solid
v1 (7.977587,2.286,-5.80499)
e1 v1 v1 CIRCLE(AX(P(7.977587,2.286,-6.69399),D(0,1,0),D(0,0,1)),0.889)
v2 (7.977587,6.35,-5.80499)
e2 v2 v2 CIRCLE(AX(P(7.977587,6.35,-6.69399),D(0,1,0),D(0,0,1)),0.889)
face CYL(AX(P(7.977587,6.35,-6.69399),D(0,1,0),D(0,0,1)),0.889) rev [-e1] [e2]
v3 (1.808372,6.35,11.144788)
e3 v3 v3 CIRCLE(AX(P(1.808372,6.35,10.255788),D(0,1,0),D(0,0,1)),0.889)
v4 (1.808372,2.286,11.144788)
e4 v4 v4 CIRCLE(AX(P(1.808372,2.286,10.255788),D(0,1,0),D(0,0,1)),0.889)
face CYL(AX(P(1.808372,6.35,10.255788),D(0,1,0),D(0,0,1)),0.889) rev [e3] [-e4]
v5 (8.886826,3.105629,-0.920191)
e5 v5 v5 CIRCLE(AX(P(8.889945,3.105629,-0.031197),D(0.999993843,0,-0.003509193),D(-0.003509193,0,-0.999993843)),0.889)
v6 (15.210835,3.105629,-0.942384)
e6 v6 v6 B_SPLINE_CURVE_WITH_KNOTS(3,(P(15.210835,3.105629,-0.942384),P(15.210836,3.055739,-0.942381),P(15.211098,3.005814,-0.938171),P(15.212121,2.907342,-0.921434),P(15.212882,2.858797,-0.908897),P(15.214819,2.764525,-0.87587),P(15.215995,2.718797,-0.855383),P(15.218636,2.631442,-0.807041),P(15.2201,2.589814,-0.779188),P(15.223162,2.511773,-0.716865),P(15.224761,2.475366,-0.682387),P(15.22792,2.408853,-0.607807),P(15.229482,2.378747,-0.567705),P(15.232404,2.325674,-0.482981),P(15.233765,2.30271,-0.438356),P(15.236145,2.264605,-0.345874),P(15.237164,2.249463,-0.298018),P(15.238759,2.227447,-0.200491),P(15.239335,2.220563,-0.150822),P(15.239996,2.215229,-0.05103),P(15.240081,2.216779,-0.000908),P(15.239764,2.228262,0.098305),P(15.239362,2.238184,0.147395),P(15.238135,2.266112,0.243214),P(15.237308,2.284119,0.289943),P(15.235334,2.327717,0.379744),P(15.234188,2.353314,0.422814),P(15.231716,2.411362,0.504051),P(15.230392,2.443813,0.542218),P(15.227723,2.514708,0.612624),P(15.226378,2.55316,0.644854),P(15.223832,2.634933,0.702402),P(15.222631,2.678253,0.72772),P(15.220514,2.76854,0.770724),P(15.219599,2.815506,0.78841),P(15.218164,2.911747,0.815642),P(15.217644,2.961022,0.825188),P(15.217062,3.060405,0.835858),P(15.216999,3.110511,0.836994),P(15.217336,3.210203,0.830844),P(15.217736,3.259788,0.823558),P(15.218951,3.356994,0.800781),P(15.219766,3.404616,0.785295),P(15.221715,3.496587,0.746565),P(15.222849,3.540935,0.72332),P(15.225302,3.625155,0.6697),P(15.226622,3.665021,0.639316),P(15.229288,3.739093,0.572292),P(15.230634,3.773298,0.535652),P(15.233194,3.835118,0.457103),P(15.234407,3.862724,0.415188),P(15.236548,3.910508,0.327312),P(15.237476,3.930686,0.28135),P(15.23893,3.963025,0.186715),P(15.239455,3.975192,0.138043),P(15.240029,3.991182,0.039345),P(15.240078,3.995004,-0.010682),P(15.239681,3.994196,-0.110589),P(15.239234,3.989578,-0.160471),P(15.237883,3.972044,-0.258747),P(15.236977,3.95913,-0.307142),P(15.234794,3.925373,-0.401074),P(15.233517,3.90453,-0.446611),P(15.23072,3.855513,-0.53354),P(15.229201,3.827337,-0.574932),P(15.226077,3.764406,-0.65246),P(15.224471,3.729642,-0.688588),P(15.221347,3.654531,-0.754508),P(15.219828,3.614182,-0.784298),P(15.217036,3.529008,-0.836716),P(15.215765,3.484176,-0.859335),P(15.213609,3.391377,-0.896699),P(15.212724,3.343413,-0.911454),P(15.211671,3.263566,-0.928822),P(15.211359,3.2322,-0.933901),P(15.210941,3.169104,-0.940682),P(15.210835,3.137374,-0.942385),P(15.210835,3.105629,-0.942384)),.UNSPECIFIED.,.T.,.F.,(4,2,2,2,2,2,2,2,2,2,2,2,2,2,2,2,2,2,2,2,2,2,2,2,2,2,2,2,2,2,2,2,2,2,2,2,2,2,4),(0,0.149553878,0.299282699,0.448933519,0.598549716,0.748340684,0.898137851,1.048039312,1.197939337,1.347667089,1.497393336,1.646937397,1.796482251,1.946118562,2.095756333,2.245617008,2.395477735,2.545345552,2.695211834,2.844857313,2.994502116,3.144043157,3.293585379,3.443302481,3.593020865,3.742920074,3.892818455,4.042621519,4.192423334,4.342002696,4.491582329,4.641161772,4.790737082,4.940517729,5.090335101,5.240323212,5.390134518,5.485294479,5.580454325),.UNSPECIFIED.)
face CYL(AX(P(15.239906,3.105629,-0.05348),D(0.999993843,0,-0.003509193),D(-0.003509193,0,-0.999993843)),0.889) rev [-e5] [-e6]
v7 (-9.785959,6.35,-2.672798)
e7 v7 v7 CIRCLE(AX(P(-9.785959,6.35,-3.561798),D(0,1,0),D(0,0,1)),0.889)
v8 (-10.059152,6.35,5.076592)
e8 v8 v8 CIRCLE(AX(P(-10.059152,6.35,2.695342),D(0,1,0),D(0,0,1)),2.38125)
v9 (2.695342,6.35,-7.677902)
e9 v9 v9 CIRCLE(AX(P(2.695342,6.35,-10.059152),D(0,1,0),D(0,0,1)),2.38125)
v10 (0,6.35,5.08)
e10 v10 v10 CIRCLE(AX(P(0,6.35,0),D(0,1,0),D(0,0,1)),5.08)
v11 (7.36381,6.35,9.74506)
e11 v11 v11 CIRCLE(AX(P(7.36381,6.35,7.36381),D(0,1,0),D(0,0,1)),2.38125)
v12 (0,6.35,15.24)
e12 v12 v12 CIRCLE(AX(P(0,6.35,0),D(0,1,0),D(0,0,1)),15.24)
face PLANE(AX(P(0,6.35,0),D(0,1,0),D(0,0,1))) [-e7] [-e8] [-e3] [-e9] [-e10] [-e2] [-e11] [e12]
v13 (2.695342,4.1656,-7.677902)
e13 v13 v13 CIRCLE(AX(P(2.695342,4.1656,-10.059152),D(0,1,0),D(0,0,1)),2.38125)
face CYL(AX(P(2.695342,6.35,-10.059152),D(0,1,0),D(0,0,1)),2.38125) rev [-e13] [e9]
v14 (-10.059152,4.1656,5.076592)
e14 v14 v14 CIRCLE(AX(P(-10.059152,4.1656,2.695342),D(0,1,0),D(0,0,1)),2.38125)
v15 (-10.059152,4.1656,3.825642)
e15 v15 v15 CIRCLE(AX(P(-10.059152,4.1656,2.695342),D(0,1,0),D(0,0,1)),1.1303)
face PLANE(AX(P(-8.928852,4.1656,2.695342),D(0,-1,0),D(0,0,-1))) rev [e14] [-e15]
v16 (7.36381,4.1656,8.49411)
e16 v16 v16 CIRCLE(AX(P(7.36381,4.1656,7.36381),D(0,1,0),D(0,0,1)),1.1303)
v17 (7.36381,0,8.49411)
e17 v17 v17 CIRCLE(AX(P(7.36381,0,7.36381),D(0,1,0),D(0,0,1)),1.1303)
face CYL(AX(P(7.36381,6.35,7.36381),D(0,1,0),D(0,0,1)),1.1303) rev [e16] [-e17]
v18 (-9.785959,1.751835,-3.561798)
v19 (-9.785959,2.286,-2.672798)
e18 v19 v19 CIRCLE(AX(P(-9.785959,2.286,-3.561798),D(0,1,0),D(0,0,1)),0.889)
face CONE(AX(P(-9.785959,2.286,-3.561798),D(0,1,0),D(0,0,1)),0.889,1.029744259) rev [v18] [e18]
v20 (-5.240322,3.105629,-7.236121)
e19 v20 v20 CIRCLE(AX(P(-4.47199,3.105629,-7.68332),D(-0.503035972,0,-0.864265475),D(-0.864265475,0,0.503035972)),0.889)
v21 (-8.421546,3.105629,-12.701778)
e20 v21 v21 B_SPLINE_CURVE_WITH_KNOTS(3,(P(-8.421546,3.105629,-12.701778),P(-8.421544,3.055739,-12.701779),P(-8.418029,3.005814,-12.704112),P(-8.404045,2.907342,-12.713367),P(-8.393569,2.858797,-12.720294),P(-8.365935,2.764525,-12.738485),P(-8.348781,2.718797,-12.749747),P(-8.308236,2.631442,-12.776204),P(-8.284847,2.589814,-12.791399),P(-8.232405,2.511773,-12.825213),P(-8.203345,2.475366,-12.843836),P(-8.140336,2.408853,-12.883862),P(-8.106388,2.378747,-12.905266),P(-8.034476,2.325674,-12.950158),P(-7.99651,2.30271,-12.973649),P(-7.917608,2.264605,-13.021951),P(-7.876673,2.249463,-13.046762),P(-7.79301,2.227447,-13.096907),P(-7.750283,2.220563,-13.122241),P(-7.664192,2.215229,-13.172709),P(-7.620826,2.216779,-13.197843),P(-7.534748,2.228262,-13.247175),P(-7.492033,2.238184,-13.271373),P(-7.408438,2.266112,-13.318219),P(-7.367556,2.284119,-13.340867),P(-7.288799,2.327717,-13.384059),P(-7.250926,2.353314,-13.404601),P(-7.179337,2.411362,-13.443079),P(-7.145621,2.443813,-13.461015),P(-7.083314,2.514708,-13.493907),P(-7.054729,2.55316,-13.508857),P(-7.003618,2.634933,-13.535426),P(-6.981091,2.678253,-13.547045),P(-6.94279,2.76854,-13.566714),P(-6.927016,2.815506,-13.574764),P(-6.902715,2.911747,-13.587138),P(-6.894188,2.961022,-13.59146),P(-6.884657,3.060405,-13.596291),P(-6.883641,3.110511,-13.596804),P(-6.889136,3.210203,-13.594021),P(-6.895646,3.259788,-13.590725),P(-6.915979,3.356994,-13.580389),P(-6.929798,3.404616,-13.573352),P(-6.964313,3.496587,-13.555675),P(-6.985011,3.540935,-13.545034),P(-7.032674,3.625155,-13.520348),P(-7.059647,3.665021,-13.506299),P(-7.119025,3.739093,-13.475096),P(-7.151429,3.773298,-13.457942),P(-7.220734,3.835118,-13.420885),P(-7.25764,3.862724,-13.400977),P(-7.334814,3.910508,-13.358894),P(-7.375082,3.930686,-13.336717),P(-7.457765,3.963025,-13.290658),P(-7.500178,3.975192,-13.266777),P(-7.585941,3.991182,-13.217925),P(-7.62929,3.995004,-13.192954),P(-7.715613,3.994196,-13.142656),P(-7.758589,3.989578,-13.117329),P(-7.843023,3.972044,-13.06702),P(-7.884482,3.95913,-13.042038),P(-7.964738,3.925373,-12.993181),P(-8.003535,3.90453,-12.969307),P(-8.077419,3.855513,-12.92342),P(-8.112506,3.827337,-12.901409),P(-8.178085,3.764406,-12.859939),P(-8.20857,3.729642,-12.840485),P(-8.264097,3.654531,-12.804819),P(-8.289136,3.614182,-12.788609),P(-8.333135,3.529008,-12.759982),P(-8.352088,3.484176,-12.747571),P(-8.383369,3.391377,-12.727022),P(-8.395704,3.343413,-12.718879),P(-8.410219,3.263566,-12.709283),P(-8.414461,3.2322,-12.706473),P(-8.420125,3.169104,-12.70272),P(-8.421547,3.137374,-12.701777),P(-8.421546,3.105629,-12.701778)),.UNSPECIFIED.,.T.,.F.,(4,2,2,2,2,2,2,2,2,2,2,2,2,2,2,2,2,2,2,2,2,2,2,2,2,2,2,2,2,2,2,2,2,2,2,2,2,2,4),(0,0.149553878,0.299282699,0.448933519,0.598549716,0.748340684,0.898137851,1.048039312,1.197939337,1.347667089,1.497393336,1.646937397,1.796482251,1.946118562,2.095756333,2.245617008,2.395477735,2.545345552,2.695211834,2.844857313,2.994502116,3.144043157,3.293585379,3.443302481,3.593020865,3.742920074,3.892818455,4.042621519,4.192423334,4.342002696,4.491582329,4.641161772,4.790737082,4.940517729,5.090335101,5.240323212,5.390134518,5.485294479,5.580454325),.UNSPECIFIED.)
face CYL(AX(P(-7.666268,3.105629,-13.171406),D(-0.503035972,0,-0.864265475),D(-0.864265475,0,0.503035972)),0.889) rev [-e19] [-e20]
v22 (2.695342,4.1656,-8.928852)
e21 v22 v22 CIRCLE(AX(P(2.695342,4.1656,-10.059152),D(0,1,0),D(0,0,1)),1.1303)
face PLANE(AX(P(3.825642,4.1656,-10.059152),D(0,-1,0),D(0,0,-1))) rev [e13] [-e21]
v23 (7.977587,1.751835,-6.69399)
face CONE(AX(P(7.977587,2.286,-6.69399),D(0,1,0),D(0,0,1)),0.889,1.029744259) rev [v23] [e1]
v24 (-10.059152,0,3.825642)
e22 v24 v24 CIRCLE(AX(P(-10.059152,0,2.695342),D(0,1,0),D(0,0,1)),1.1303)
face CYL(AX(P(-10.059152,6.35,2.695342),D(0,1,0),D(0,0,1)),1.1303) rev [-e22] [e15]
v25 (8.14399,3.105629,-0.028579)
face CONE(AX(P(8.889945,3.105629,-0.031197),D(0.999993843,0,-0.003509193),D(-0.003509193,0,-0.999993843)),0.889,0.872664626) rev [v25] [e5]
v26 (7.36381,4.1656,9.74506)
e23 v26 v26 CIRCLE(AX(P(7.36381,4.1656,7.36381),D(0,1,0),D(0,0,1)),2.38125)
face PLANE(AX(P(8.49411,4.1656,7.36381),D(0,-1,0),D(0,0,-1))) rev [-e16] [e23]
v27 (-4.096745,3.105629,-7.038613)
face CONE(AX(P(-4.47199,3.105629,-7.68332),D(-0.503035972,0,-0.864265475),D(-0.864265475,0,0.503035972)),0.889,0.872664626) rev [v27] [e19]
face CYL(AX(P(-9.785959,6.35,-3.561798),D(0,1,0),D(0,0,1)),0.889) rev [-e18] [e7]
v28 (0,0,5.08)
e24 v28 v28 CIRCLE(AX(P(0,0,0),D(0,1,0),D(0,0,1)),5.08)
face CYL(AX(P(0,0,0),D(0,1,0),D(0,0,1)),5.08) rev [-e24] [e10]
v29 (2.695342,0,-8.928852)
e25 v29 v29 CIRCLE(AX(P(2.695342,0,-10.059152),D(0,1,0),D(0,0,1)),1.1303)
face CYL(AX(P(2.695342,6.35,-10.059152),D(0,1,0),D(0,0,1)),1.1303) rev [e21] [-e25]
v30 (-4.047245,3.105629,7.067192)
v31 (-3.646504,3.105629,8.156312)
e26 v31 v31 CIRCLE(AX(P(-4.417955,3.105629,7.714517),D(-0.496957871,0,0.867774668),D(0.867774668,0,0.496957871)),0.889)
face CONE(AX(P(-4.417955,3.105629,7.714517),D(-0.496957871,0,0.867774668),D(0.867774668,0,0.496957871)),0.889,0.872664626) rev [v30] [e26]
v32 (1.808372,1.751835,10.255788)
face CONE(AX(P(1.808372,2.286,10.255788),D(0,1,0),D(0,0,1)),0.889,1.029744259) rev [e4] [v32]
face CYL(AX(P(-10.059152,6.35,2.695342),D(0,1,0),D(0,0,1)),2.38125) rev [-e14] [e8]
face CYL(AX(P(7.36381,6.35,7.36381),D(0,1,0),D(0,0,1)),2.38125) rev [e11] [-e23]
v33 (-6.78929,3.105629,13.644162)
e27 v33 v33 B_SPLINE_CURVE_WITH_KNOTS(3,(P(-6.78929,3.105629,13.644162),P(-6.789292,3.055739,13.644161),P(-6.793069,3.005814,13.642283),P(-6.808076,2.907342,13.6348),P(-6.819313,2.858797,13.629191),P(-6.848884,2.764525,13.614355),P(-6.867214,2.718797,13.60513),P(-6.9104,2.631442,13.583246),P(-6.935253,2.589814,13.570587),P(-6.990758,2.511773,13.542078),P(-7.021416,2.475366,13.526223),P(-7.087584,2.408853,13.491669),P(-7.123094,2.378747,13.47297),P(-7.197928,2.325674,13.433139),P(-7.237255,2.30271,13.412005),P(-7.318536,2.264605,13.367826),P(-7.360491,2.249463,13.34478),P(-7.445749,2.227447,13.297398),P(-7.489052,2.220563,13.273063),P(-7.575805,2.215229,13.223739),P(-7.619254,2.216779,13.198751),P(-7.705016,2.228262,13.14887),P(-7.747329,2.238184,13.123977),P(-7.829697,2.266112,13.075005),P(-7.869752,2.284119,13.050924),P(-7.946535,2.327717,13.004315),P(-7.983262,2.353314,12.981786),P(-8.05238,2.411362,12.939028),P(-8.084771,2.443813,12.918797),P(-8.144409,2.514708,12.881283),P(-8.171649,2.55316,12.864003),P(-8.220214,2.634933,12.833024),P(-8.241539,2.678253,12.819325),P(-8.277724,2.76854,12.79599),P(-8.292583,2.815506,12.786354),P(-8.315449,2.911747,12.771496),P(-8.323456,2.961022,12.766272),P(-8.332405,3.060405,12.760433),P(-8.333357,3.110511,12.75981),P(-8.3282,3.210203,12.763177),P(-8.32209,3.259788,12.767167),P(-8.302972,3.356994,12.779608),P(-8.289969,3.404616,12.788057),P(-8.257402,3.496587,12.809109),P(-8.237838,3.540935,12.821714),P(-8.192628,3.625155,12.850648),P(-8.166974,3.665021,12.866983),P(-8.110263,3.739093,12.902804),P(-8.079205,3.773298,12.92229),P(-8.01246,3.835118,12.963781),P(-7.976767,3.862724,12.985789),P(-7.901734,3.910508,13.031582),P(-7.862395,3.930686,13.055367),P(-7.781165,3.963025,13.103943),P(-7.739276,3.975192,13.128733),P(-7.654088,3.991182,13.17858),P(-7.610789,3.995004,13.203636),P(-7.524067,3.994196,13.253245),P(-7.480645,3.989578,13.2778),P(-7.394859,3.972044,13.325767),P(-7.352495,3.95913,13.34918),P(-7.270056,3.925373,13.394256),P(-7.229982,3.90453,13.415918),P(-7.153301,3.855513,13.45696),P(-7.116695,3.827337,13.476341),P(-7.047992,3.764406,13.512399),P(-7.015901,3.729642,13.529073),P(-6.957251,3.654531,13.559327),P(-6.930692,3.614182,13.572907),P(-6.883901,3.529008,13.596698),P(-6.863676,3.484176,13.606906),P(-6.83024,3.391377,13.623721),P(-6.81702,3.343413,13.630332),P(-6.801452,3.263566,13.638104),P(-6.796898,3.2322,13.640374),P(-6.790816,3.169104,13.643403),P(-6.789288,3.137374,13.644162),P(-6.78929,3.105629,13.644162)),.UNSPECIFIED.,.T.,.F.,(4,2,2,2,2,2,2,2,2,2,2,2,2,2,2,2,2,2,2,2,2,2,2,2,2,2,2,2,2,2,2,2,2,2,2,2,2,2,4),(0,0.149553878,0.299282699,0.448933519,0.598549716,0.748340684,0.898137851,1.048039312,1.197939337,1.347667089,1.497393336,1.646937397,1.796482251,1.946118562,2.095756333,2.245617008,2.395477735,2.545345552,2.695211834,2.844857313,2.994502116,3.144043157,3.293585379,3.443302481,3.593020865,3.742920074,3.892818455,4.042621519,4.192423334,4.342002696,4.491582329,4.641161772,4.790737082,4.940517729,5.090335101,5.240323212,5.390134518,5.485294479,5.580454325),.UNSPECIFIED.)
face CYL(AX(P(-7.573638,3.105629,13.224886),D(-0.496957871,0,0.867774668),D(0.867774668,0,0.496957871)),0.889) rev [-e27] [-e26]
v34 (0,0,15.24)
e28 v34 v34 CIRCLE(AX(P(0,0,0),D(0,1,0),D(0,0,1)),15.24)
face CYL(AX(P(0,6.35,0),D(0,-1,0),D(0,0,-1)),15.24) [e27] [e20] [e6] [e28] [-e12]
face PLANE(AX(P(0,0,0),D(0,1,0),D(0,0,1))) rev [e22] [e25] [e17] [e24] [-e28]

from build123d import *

# Parameters (mm, degrees)
SKETCH1_R                                      = 15.24
BOSS_EXTRUDE1_DEPTH                            = 6.35
CBORE_FOR_2_SOCKET_HEAD_CAP_SCREW1_D           = 2.2606
CBORE_FOR_2_SOCKET_HEAD_CAP_SCREW1_CBORE_D     = 4.7625
CBORE_FOR_2_SOCKET_HEAD_CAP_SCREW1_CBORE_DEPTH = 2.1844
CIRPATTERN1_COUNT                              = 3
CIRPATTERN2_COUNT                              = 3
CIRPATTERN3_COUNT                              = 3
SKETCH16_R                                     = 5.08
CUT_EXTRUDE1_DEPTH                             = 6.35


with BuildPart() as part:
    # Sketch1 → Boss-Extrude1 (new body)
    with BuildSketch(Plane(origin=(0, 0, 0), x_dir=(1, 0, 0), z_dir=(0, 1, 0))):
        with Locations(Location((0, 0, 0), (0, 0, 270))):
            Circle(SKETCH1_R)
    extrude(amount=BOSS_EXTRUDE1_DEPTH)

    # CBORE for #2 Socket Head Cap Screw1 (through all)
    with Locations(Plane(origin=(0, 6.35, 0), x_dir=(1, 0, 0), z_dir=(0, 1, 0))):
        with Locations((7.363810019, -7.363810019)):
            cbore_for_2_socket_head_cap_screw1 = CounterBoreHole(CBORE_FOR_2_SOCKET_HEAD_CAP_SCREW1_D / 2, CBORE_FOR_2_SOCKET_HEAD_CAP_SCREW1_CBORE_D / 2, CBORE_FOR_2_SOCKET_HEAD_CAP_SCREW1_CBORE_DEPTH)

    # CirPattern1: CBORE for #2 Socket Head Cap Screw1 ×3 about axis
    cirpattern1_axis = Axis((0, 0, 0), (0, 1, 0))
    for i in range(1, CIRPATTERN1_COUNT):
        add(cbore_for_2_socket_head_cap_screw1.rotate(cirpattern1_axis, i * 360 / CIRPATTERN1_COUNT), mode=Mode.SUBTRACT)

    # Sketch10 → Tap Drill for #2-56 Tap2 (revolve, cut)
    with BuildSketch(Plane(origin=(7.977586831, 6.35, -6.693990167), x_dir=(0, 0, 1), z_dir=(1, 0, 0))):
        Polygon((0, 0), (0, 4.59816509), (0.889, 4.064), (0.889, 0), align=None)
    tap_drill_for_2_56_tap2 = revolve(axis=Axis((7.977586831, 12.7, -6.693990167), (0, -1, 0)), mode=Mode.SUBTRACT)

    # CirPattern2: Tap Drill for #2-56 Tap2 ×3 about axis
    cirpattern2_axis = Axis((0, 0, 0), (0, 1, 0))
    for i in range(1, CIRPATTERN2_COUNT):
        add(tap_drill_for_2_56_tap2.rotate(cirpattern2_axis, i * 360 / CIRPATTERN2_COUNT), mode=Mode.SUBTRACT)

    # Sketch15 → Tap Drill for #2-56 Tap1 (revolve, cut)
    with BuildSketch(Plane(origin=(-7.57363795, 3.105629072, 13.224885943), x_dir=(0.8677746681735182, 0, 0.49695787072581954), z_dir=(0, 1, 0))):
        Polygon((0, 0), (0, 7.095959572), (0.889, 6.35), (0.889, 0), align=None)
    tap_drill_for_2_56_tap1 = revolve(axis=Axis((-10.729320429, 3.105629072, 18.735255086), (0.4969578707258196, 0, -0.8677746681735182)), mode=Mode.SUBTRACT)

    # CirPattern3: Tap Drill for #2-56 Tap1 ×3 about axis
    cirpattern3_axis = Axis((0, 6.35, 0), (0, -1, 0))
    for i in range(1, CIRPATTERN3_COUNT):
        add(tap_drill_for_2_56_tap1.rotate(cirpattern3_axis, i * 360 / CIRPATTERN3_COUNT), mode=Mode.SUBTRACT)

    # Sketch16 → Cut-Extrude1 (cut)
    with BuildSketch(Plane(origin=(0, 6.35, 0), x_dir=(1, 0, 0), z_dir=(0, 1, 0))):
        with Locations(Location((0, 0, 0), (0, 0, 270))):
            Circle(SKETCH16_R)
    extrude(amount=-CUT_EXTRUDE1_DEPTH, mode=Mode.SUBTRACT)


solid = part.part
